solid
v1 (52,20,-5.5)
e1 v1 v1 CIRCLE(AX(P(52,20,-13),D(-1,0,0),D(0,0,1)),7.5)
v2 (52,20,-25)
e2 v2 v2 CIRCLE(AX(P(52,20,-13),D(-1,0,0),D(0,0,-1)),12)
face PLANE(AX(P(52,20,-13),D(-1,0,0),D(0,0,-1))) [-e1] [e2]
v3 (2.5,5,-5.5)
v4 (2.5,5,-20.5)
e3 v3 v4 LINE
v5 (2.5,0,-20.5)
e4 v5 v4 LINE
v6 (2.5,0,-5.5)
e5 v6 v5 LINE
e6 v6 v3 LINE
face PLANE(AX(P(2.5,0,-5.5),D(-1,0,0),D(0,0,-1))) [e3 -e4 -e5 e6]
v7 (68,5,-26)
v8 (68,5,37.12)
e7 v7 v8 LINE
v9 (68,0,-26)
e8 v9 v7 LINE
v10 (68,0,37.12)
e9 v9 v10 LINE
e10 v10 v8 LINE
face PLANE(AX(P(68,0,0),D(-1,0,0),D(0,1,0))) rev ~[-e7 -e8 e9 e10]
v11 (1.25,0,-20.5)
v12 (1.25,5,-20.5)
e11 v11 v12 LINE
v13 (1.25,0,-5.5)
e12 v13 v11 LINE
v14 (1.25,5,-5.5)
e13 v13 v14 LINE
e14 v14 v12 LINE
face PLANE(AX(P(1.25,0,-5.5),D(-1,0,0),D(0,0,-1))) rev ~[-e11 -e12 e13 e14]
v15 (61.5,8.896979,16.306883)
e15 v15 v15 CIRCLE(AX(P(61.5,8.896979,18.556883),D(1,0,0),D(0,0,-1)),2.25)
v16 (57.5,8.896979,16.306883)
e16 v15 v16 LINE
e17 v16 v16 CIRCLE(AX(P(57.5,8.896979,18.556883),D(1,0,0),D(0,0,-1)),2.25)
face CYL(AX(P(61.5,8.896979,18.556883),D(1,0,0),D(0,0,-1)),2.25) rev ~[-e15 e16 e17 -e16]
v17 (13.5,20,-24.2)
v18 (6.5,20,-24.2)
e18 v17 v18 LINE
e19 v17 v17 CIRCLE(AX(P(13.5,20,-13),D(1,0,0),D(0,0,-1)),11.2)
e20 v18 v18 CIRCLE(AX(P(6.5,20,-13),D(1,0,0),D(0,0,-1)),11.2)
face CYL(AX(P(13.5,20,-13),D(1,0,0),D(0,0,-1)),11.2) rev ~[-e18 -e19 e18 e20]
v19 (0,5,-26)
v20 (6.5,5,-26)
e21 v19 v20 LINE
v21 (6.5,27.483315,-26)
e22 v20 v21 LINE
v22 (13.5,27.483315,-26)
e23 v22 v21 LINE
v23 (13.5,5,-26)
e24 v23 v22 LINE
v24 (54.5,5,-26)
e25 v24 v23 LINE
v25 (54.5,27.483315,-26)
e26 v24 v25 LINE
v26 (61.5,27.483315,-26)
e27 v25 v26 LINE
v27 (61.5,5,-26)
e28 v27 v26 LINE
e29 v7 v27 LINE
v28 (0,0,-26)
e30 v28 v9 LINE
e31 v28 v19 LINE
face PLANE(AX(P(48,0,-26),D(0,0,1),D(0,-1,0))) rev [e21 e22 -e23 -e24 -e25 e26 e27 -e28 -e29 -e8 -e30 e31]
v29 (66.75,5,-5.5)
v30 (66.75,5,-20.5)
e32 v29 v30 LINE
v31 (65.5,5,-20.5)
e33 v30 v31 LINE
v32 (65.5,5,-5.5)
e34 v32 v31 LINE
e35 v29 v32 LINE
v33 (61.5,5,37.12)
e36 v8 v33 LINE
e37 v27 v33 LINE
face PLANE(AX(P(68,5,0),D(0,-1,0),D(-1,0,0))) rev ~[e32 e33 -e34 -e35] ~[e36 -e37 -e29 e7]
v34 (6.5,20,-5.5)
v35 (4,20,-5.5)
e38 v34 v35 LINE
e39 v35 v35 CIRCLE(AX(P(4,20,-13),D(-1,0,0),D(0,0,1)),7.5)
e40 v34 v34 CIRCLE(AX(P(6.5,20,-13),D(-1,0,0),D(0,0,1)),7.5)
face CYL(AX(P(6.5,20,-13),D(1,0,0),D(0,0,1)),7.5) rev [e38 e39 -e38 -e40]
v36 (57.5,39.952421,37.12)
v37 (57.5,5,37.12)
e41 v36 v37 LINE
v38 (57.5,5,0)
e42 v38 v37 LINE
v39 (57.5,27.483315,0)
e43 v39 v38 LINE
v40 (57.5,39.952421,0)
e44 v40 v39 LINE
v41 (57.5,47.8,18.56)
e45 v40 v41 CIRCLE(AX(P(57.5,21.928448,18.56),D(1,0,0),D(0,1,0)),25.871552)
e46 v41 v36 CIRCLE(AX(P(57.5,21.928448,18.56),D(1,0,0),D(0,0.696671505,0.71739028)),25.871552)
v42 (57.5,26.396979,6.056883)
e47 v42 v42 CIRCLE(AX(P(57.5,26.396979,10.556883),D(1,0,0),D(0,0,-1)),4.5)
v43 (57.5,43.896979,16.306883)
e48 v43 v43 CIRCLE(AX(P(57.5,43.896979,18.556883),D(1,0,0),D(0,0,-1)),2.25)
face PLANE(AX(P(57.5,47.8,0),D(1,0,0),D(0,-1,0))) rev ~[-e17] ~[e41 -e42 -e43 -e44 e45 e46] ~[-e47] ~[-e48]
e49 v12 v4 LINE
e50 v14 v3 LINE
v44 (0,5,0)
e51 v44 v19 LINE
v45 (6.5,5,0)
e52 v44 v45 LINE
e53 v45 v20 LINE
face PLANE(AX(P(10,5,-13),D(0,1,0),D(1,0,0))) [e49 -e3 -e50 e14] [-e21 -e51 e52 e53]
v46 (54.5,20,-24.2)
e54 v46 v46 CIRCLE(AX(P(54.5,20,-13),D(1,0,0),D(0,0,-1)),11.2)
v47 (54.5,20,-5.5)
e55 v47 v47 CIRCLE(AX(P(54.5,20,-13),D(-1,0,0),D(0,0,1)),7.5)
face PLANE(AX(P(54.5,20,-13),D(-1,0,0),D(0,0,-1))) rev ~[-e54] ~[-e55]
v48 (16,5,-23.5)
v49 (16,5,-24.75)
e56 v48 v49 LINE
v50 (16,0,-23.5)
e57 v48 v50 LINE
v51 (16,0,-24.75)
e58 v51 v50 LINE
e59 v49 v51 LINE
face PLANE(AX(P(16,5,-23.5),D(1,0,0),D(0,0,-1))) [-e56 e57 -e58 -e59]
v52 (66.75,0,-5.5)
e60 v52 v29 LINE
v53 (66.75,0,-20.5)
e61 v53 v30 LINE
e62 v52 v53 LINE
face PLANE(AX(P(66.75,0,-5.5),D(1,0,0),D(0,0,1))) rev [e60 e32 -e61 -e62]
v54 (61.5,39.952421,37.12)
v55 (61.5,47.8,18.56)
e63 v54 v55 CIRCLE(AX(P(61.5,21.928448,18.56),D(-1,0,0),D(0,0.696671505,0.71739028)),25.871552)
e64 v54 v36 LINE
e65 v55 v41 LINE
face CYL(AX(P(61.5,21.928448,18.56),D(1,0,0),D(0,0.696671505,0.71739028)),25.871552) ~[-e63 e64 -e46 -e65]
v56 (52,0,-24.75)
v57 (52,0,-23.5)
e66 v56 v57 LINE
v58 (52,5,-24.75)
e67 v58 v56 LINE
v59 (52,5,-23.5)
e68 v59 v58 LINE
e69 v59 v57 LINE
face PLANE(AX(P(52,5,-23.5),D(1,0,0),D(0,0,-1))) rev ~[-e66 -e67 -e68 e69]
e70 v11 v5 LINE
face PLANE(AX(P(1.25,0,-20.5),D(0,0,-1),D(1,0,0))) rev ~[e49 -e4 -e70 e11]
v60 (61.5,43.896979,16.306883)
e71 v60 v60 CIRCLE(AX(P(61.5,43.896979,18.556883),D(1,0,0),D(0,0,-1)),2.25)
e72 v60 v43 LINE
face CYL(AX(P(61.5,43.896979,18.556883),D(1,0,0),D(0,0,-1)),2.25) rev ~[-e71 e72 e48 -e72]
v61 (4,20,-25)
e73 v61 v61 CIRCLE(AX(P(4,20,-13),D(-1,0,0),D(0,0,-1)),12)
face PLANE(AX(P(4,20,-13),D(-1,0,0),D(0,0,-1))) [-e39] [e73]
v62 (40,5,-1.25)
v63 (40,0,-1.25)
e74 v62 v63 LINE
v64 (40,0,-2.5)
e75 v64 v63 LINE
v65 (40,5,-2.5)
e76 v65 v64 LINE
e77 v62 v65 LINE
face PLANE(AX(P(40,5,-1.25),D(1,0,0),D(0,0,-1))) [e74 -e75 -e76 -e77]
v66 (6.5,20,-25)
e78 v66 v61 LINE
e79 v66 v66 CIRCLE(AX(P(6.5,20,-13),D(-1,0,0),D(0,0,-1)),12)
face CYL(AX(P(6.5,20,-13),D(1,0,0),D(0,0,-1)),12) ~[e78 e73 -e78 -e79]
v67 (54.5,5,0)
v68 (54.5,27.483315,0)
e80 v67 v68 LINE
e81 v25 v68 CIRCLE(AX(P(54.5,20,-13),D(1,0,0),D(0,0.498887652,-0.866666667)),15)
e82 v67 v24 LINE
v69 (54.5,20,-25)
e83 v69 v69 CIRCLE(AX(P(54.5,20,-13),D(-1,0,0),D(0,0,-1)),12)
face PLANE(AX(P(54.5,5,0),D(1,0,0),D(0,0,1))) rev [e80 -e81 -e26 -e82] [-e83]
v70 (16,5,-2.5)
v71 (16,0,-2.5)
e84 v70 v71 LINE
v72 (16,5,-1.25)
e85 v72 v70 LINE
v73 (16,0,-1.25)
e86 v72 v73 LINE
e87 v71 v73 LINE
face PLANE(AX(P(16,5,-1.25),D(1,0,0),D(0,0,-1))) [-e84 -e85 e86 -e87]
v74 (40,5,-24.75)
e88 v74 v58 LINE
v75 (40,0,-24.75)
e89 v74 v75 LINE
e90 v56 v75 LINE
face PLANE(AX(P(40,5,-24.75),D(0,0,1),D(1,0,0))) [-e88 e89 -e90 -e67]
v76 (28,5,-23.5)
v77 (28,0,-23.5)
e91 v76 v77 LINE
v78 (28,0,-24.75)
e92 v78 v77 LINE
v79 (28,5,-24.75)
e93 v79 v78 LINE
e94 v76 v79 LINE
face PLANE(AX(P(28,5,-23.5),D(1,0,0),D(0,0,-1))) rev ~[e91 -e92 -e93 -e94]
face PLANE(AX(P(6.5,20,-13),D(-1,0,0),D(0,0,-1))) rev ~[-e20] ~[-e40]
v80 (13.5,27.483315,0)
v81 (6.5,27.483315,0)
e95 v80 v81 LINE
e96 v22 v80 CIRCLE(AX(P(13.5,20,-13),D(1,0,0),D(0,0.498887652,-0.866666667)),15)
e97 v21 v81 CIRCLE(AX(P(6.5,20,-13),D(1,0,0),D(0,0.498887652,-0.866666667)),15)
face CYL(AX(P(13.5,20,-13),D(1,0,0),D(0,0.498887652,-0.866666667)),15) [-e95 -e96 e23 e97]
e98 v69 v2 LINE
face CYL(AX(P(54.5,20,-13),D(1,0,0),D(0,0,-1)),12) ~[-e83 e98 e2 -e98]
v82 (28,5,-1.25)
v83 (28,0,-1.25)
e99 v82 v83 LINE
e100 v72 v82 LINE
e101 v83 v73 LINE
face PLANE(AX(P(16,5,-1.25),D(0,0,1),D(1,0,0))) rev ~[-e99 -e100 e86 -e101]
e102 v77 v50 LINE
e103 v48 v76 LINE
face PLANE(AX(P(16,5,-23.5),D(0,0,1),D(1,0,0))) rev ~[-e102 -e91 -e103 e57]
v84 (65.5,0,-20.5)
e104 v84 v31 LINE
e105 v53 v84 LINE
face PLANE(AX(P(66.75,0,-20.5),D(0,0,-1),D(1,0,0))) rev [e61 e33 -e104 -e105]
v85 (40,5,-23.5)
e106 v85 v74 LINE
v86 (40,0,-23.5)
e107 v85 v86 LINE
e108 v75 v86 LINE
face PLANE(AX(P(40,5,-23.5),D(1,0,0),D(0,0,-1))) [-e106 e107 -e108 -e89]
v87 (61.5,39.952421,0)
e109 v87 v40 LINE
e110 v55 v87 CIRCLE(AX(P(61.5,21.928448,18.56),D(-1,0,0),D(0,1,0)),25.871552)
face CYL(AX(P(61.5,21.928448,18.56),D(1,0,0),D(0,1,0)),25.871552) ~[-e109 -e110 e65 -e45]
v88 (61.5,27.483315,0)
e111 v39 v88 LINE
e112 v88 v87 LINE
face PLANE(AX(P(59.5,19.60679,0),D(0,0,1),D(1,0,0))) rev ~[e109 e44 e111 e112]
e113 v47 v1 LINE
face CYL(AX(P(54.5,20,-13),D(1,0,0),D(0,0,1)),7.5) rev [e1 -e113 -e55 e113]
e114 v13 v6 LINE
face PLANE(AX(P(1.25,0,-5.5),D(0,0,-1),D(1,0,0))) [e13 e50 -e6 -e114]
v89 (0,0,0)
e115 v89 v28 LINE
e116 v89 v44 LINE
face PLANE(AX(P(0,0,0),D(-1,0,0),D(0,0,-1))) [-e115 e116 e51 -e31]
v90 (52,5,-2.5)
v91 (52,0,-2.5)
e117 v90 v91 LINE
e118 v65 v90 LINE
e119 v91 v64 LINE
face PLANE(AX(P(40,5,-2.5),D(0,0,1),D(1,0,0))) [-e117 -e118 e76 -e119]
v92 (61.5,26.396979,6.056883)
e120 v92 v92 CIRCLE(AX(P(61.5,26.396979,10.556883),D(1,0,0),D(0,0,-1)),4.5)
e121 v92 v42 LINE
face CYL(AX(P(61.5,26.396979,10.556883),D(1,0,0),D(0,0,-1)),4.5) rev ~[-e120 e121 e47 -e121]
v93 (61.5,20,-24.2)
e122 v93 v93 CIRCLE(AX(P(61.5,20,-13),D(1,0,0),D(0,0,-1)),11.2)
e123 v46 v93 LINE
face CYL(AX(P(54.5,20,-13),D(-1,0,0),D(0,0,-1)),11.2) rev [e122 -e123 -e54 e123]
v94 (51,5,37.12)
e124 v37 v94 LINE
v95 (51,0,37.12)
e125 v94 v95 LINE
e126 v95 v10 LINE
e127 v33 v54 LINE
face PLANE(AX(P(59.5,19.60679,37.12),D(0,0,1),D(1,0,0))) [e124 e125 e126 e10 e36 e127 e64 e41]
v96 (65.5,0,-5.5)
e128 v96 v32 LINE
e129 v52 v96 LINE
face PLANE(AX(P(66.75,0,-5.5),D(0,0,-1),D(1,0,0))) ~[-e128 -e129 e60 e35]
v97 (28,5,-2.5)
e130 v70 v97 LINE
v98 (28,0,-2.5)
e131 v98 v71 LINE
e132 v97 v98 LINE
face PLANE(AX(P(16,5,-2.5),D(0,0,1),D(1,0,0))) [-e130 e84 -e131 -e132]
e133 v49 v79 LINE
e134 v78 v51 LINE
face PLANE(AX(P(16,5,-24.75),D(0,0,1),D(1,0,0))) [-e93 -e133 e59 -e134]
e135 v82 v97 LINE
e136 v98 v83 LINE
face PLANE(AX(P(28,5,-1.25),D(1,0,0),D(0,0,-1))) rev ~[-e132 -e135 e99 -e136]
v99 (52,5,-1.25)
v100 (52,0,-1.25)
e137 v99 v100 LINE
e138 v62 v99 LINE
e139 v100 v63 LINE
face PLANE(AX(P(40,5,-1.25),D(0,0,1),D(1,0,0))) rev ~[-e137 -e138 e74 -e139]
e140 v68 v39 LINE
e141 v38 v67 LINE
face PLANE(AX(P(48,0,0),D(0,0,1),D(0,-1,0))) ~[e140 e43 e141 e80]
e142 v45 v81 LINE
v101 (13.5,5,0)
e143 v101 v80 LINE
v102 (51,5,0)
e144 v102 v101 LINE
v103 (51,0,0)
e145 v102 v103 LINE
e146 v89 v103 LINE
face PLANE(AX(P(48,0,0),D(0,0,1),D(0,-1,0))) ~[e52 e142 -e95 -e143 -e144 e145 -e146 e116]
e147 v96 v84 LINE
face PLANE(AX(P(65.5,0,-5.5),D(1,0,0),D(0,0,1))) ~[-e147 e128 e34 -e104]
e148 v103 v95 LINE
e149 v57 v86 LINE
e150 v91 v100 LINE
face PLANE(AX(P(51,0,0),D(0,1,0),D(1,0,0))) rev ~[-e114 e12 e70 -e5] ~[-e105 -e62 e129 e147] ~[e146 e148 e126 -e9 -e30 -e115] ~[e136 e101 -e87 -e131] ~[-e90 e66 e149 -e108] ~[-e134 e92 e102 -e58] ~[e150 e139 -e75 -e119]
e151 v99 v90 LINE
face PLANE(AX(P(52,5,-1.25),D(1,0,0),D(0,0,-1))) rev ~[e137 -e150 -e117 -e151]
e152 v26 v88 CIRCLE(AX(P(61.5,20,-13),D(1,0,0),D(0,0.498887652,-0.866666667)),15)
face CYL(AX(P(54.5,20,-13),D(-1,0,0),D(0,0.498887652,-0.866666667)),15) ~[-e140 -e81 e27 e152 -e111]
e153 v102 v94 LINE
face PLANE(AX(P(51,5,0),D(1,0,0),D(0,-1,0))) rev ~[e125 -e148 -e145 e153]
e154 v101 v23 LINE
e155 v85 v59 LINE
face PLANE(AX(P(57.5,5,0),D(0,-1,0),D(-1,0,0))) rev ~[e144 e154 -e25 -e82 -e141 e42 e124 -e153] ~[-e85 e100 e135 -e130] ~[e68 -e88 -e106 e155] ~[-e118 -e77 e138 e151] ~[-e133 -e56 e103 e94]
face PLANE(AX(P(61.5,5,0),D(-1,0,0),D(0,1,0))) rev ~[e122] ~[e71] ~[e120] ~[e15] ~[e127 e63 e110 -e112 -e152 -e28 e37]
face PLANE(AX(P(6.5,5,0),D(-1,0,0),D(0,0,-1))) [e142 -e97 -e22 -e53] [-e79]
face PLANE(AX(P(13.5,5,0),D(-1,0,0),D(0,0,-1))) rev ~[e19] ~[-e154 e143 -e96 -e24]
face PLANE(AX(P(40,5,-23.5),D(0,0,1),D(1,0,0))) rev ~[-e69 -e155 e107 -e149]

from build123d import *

# Parameters (mm, degrees)
SKETCH1_W            = 20
SKETCH1_H            = 26
SKETCH1_W_2          = 1.25
SKETCH1_H_2          = 15
BOSS_EXTRUDE5_DEPTH  = 5
SKETCH3_W            = 7
SKETCH3_H            = 26
BOSS_EXTRUDE6_DEPTH  = 40
CUT_EXTRUDE1_REACH   = 55.696
SKETCH5_R            = 11.2
SKETCH6_W            = 26
SKETCH6_H            = 5
BOSS_EXTRUDE8_DEPTH  = 14
SKETCH8_R            = 12
SKETCH8_R_2          = 7.5
BOSS_EXTRUDE9_DEPTH  = 2.5
SKETCH9_R            = 12
SKETCH9_R_2          = 7.5
BOSS_EXTRUDE10_DEPTH = 2.5
SKETCH7_W            = 12
SKETCH7_H            = 1.25
CUT_EXTRUDE2_DEPTH   = 10
BOSS_EXTRUDE11_DEPTH = 37.12
SKETCH14_R           = 2.25
SKETCH14_R_2         = 4.5
CUT_EXTRUDE4_DEPTH   = 10


with BuildPart() as part:
    # Sketch1 → Boss-Extrude5 (new body)
    with BuildSketch(Plane(origin=(0, 0, 0), x_dir=(1, 0, 0), z_dir=(0, 1, 0))):
        with Locations((10, 13)):
            Rectangle(SKETCH1_W, SKETCH1_H)
        with Locations((1.875, 13)):
            Rectangle(SKETCH1_W_2, SKETCH1_H_2, mode=Mode.SUBTRACT)
    boss_extrude5 = extrude(amount=BOSS_EXTRUDE5_DEPTH)

    # Sketch3 → Boss-Extrude6 (add)
    with BuildSketch(Plane(origin=(0, 5, 0), x_dir=(1, 0, 0), z_dir=(0, 1, 0))):
        with Locations((10, 13)):
            Rectangle(SKETCH3_W, SKETCH3_H)
    boss_extrude6 = extrude(amount=BOSS_EXTRUDE6_DEPTH)

    # Sketch5 → Cut-Extrude1 (cut, up to next)
    with BuildSketch(Plane(origin=(13.5, 0, 0), x_dir=(0, 0, -1), z_dir=(1, 0, 0)), mode=Mode.PRIVATE) as cut_extrude1_sk1:
        with Locations((13, 20)):
            Circle(SKETCH5_R)
    cut_extrude1_tool1 = extrude(cut_extrude1_sk1.sketch, amount=-CUT_EXTRUDE1_REACH, mode=Mode.PRIVATE) & part.part
    # Sketch5 → Cut-Extrude1 (cut, up to next)
    with BuildSketch(Plane(origin=(13.5, 0, 0), x_dir=(0, 0, -1), z_dir=(1, 0, 0)), mode=Mode.PRIVATE) as cut_extrude1_sk2:
        with BuildLine():
            Line((0, 27.483314774), (0, 45))
            Line((0, 45), (26, 45))
            Line((26, 45), (26, 27.483314774))
            ThreePointArc((26, 27.483314774), (13, 35), (0, 27.483314774))
        make_face()
    cut_extrude1_tool2 = extrude(cut_extrude1_sk2.sketch, amount=-CUT_EXTRUDE1_REACH, mode=Mode.PRIVATE) & part.part
    cut_extrude1_1 = cut_extrude1_tool1.solids().sort_by_distance((13.5, 20, -13))[0]
    add(cut_extrude1_1, mode=Mode.SUBTRACT)
    cut_extrude1_2 = cut_extrude1_tool2.solids().sort_by_distance((13.5, 38.725293, -13))[0]
    add(cut_extrude1_2, mode=Mode.SUBTRACT)
    cut_extrude1 = cut_extrude1_1 + cut_extrude1_2  # Cut-Extrude1 as one shape, for the pattern or mirror that repeats it

    # Sketch6 → Boss-Extrude8 (add)
    with BuildSketch(Plane(origin=(20, 0, 0), x_dir=(0, 0, -1), z_dir=(1, 0, 0))):
        with Locations((13, 2.5)):
            Rectangle(SKETCH6_W, SKETCH6_H)
    boss_extrude8 = extrude(amount=BOSS_EXTRUDE8_DEPTH)

    # Mirror5: Boss-Extrude5, Boss-Extrude6, Cut-Extrude1, Boss-Extrude8 across plane
    add(boss_extrude5.mirror(Plane.ZY.offset(-34)))
    add(boss_extrude6.mirror(Plane.ZY.offset(-34)))
    add(cut_extrude1.mirror(Plane.ZY.offset(-34)), mode=Mode.SUBTRACT)
    add(boss_extrude8.mirror(Plane.ZY.offset(-34)))

    # Sketch8 → Boss-Extrude9 (add)
    with BuildSketch(Plane.ZY.offset(-6.5)):
        with Locations(Location((-13, 20, 0), (0, 0, 180))):
            Circle(SKETCH8_R)
        with Locations((-13, 20)):
            Circle(SKETCH8_R_2, mode=Mode.SUBTRACT)
    extrude(amount=BOSS_EXTRUDE9_DEPTH)

    # Sketch9 → Boss-Extrude10 (add)
    with BuildSketch(Plane.ZY.offset(-54.5)):
        with Locations(Location((-13, 20, 0), (0, 0, 180))):
            Circle(SKETCH9_R)
        with Locations((-13, 20)):
            Circle(SKETCH9_R_2, mode=Mode.SUBTRACT)
    extrude(amount=BOSS_EXTRUDE10_DEPTH)

    # Sketch7 → Cut-Extrude2 (cut)
    with BuildSketch(Plane(origin=(0, 5, 0), x_dir=(1, 0, 0), z_dir=(0, 1, 0))):
        with Locations((22, 1.875)):
            Rectangle(SKETCH7_W, SKETCH7_H)
        with Locations((46, 1.875)):
            Rectangle(SKETCH7_W, SKETCH7_H)
        with Locations((46, 24.125)):
            Rectangle(SKETCH7_W, SKETCH7_H)
        with Locations((22, 24.125)):
            Rectangle(SKETCH7_W, SKETCH7_H)
    extrude(amount=-CUT_EXTRUDE2_DEPTH, mode=Mode.SUBTRACT)

    # Sketch10 → Boss-Extrude11 (add)
    with BuildSketch(Plane.XY):
        Polygon((51, 0), (68, 0), (68, 5), (61.5, 5), (61.5, 47.8), (57.5, 47.8), (57.5, 5), (51, 5), align=None)
    extrude(amount=BOSS_EXTRUDE11_DEPTH)

    # Sketch14 → Cut-Extrude4 (cut)
    with BuildSketch(Plane(origin=(61.5, 0, 0), x_dir=(0, 0, -1), z_dir=(1, 0, 0))):
        Polygon((-37.12, 51.83243557), (-37.12, 47.8), (-18.56, 47.8), (0, 47.8), (0, 51.83243557), align=None)
        with BuildLine():
            Line((0, 47.8), (-18.56, 47.8))
            ThreePointArc((-18.56, 47.8), (-8.484558377, 45.75747818), (0, 39.952421039))
            Line((0, 39.952421039), (0, 47.8))
        make_face()
        with BuildLine():
            Line((-37.12, 47.8), (-37.12, 39.952421039))
            ThreePointArc((-37.12, 39.952421039), (-28.635441623, 45.75747818), (-18.56, 47.8))
            Line((-18.56, 47.8), (-37.12, 47.8))
        make_face()
        with Locations((-18.556883399, 43.896979327)):
            Circle(SKETCH14_R)
        with Locations((-10.556883399, 26.396979327)):
            Circle(SKETCH14_R_2)
        with Locations((-18.556883399, 8.896979327)):
            Circle(SKETCH14_R)
    extrude(amount=-CUT_EXTRUDE4_DEPTH, mode=Mode.SUBTRACT)


solid = part.part
